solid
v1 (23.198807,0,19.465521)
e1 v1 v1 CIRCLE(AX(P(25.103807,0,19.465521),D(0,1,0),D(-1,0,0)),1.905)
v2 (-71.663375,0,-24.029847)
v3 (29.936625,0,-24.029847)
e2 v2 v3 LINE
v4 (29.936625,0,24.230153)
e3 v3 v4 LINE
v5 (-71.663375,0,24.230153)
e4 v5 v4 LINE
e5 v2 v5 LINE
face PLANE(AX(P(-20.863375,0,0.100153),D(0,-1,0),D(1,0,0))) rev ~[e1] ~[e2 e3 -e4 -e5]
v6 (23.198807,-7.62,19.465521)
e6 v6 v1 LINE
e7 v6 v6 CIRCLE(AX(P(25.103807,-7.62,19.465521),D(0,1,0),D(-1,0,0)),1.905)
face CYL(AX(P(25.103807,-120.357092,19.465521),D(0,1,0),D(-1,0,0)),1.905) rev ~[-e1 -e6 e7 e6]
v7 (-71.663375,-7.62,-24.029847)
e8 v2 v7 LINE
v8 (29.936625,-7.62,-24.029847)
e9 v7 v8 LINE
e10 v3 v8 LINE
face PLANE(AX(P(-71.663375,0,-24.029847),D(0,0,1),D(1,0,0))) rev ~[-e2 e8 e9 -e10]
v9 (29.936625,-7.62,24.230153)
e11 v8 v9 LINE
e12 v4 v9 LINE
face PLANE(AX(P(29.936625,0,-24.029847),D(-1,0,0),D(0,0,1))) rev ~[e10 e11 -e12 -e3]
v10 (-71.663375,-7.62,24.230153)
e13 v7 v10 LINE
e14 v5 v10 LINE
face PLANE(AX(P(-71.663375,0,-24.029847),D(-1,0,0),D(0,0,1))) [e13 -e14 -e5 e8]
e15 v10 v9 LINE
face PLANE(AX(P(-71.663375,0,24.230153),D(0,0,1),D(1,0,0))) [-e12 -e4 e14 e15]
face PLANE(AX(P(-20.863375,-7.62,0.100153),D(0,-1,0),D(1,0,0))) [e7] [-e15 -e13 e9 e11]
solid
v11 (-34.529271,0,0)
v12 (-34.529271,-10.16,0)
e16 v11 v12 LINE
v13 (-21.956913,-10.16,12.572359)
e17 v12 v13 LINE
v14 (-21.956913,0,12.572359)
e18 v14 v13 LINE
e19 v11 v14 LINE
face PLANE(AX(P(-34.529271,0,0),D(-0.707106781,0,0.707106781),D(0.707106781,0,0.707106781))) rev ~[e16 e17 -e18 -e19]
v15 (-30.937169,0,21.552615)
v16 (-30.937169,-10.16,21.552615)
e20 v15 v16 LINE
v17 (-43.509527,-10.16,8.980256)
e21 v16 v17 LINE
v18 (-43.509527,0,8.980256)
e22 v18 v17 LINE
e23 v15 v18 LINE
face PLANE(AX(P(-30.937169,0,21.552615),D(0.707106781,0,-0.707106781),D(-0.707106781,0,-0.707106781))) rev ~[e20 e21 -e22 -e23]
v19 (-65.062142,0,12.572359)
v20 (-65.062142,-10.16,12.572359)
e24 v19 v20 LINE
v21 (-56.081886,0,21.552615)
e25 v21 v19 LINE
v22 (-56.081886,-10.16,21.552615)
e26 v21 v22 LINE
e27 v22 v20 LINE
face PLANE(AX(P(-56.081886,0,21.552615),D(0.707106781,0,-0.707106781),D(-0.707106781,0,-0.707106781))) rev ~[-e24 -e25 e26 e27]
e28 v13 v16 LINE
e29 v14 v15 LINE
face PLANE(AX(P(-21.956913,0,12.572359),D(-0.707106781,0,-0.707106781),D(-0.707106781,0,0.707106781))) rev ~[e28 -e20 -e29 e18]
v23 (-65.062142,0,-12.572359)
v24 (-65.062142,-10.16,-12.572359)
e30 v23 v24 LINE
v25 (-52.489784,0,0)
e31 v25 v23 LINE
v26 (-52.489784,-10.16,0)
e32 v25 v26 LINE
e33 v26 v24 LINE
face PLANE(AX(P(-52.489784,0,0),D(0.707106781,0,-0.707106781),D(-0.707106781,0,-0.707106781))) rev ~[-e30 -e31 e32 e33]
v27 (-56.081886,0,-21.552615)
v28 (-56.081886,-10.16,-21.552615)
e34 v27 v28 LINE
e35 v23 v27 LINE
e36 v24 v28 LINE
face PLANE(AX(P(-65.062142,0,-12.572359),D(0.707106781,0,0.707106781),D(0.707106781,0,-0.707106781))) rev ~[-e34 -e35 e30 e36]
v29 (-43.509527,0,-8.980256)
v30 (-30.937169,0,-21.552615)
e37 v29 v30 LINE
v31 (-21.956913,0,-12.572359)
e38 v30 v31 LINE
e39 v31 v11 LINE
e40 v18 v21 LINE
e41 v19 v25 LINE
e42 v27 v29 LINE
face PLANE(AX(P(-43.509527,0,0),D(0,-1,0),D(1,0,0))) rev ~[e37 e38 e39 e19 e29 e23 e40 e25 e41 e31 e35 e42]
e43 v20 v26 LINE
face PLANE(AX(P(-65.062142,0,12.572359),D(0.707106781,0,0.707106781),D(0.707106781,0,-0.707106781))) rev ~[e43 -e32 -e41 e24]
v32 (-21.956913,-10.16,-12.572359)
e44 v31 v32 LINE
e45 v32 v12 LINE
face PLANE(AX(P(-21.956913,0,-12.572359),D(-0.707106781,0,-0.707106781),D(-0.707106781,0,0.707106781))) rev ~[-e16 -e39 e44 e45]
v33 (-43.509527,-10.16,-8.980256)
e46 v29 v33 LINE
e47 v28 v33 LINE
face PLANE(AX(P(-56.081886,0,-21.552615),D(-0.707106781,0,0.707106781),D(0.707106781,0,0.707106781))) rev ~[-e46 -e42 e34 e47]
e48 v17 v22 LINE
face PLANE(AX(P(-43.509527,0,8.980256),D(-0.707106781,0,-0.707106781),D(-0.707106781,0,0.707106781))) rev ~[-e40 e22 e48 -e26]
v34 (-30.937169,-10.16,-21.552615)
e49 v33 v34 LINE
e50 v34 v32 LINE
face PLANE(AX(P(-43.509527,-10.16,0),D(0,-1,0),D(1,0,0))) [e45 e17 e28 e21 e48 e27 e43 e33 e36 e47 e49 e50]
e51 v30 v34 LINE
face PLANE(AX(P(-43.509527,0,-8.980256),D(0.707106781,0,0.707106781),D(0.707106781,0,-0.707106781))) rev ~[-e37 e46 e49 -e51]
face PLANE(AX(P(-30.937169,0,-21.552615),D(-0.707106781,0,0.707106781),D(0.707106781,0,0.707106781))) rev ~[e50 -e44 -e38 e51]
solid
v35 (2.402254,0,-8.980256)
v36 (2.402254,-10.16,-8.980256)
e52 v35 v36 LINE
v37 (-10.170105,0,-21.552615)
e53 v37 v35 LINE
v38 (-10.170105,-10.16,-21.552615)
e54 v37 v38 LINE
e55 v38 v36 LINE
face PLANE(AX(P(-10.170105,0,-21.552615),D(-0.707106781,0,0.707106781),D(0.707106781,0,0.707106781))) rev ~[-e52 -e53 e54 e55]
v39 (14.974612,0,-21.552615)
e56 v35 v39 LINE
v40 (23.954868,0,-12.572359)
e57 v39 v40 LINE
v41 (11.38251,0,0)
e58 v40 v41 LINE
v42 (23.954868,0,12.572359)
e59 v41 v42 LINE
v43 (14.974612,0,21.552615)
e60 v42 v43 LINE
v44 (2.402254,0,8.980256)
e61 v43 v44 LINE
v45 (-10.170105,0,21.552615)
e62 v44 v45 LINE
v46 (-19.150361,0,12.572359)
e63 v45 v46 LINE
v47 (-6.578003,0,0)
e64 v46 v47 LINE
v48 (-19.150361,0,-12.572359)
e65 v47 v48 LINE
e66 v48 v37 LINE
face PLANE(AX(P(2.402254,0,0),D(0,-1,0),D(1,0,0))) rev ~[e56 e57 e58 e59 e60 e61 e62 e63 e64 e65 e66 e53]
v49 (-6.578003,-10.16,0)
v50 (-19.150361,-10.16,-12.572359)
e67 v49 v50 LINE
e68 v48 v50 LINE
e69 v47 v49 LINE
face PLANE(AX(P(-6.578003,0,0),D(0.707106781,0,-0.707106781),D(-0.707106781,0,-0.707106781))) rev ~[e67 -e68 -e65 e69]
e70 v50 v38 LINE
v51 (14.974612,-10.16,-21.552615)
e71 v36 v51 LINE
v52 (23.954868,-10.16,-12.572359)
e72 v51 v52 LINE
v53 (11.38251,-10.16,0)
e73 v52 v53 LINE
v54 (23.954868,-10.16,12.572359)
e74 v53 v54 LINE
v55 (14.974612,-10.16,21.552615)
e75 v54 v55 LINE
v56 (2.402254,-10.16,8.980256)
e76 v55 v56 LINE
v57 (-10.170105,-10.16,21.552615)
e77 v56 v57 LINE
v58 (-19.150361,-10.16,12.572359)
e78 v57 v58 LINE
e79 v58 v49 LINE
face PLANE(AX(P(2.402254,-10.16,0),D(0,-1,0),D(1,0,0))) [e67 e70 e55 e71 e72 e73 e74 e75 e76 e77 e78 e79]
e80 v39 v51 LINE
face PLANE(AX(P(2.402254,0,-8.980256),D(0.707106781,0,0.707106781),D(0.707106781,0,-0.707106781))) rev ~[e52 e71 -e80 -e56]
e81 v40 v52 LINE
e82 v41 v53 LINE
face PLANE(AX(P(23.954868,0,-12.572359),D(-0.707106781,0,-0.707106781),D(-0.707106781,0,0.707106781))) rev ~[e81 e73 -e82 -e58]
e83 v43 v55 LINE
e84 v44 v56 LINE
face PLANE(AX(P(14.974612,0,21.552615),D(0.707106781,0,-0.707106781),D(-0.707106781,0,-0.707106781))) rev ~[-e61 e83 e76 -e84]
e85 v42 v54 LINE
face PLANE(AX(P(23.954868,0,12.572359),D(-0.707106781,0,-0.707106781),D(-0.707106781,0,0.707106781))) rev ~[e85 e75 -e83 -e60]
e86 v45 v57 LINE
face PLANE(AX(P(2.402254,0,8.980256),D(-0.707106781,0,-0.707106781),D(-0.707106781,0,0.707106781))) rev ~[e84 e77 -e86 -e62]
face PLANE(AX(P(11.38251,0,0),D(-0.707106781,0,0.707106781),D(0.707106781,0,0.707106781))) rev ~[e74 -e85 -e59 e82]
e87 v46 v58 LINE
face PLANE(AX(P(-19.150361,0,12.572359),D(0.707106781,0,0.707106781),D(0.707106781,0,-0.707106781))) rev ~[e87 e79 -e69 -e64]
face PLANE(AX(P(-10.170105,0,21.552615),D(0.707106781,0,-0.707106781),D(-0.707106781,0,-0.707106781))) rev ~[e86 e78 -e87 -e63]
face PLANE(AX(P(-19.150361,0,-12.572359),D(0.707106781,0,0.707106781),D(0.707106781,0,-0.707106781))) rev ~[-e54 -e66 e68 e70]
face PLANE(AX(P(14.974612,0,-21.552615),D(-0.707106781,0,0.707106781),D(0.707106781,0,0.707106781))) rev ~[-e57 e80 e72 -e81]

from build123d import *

# Parameters (mm, degrees)
F1_DEPTH = 10.16
F3_W     = 101.6
F3_H     = 48.26
F4_DEPTH = 7.62
F6_D     = 3.81
F7_DEPTH = 10.16


with BuildPart() as f1:
    # F0 (on Front) → F1 (new body)
    with BuildSketch(Plane.XZ):
        Polygon((-65.0621421844, 12.5723585695), (-52.4897836149, 0), (-65.0621421844, -12.5723585695), (-56.0818860633, -21.5526146906), (-43.5095274938, -8.9802561211), (-30.9371689243, -21.5526146906), (-21.9569128032, -12.5723585695), (-34.5292713727, 0), (-21.9569128032, 12.5723585695), (-30.9371689243, 21.5526146906), (-43.5095274938, 8.9802561211), (-56.0818860633, 21.5526146906), align=None)
    extrude(amount=F1_DEPTH)


with BuildPart() as f4:
    # F3 (on Front) → F4 (new body)
    with BuildSketch(Plane.XZ):
        with Locations((-20.8633753091, 0.1001527655)):
            Rectangle(F3_W, F3_H)
    extrude(amount=F4_DEPTH)

    # F6 (through all)
    with Locations(Plane.XZ.offset(7.62)):
        with Locations((25.1038074493, 19.465520978)):
            Hole(F6_D / 2)


with BuildPart() as f7:
    # F2 (on Front) → F7 (new body)
    with BuildSketch(Plane.XZ):
        Polygon((-19.1503611602, 12.5723585695), (-6.5780025907, 0), (-19.1503611602, -12.5723585695), (-10.1701050391, -21.5526146906), (2.4022535304, -8.9802561211), (14.9746120999, -21.5526146906), (23.9548682209, -12.5723585695), (11.3825096515, 0), (23.9548682209, 12.5723585695), (14.9746120999, 21.5526146906), (2.4022535304, 8.9802561211), (-10.1701050391, 21.5526146906), align=None)
    extrude(amount=F7_DEPTH)


solid = Compound([f1.part, f4.part, f7.part])
